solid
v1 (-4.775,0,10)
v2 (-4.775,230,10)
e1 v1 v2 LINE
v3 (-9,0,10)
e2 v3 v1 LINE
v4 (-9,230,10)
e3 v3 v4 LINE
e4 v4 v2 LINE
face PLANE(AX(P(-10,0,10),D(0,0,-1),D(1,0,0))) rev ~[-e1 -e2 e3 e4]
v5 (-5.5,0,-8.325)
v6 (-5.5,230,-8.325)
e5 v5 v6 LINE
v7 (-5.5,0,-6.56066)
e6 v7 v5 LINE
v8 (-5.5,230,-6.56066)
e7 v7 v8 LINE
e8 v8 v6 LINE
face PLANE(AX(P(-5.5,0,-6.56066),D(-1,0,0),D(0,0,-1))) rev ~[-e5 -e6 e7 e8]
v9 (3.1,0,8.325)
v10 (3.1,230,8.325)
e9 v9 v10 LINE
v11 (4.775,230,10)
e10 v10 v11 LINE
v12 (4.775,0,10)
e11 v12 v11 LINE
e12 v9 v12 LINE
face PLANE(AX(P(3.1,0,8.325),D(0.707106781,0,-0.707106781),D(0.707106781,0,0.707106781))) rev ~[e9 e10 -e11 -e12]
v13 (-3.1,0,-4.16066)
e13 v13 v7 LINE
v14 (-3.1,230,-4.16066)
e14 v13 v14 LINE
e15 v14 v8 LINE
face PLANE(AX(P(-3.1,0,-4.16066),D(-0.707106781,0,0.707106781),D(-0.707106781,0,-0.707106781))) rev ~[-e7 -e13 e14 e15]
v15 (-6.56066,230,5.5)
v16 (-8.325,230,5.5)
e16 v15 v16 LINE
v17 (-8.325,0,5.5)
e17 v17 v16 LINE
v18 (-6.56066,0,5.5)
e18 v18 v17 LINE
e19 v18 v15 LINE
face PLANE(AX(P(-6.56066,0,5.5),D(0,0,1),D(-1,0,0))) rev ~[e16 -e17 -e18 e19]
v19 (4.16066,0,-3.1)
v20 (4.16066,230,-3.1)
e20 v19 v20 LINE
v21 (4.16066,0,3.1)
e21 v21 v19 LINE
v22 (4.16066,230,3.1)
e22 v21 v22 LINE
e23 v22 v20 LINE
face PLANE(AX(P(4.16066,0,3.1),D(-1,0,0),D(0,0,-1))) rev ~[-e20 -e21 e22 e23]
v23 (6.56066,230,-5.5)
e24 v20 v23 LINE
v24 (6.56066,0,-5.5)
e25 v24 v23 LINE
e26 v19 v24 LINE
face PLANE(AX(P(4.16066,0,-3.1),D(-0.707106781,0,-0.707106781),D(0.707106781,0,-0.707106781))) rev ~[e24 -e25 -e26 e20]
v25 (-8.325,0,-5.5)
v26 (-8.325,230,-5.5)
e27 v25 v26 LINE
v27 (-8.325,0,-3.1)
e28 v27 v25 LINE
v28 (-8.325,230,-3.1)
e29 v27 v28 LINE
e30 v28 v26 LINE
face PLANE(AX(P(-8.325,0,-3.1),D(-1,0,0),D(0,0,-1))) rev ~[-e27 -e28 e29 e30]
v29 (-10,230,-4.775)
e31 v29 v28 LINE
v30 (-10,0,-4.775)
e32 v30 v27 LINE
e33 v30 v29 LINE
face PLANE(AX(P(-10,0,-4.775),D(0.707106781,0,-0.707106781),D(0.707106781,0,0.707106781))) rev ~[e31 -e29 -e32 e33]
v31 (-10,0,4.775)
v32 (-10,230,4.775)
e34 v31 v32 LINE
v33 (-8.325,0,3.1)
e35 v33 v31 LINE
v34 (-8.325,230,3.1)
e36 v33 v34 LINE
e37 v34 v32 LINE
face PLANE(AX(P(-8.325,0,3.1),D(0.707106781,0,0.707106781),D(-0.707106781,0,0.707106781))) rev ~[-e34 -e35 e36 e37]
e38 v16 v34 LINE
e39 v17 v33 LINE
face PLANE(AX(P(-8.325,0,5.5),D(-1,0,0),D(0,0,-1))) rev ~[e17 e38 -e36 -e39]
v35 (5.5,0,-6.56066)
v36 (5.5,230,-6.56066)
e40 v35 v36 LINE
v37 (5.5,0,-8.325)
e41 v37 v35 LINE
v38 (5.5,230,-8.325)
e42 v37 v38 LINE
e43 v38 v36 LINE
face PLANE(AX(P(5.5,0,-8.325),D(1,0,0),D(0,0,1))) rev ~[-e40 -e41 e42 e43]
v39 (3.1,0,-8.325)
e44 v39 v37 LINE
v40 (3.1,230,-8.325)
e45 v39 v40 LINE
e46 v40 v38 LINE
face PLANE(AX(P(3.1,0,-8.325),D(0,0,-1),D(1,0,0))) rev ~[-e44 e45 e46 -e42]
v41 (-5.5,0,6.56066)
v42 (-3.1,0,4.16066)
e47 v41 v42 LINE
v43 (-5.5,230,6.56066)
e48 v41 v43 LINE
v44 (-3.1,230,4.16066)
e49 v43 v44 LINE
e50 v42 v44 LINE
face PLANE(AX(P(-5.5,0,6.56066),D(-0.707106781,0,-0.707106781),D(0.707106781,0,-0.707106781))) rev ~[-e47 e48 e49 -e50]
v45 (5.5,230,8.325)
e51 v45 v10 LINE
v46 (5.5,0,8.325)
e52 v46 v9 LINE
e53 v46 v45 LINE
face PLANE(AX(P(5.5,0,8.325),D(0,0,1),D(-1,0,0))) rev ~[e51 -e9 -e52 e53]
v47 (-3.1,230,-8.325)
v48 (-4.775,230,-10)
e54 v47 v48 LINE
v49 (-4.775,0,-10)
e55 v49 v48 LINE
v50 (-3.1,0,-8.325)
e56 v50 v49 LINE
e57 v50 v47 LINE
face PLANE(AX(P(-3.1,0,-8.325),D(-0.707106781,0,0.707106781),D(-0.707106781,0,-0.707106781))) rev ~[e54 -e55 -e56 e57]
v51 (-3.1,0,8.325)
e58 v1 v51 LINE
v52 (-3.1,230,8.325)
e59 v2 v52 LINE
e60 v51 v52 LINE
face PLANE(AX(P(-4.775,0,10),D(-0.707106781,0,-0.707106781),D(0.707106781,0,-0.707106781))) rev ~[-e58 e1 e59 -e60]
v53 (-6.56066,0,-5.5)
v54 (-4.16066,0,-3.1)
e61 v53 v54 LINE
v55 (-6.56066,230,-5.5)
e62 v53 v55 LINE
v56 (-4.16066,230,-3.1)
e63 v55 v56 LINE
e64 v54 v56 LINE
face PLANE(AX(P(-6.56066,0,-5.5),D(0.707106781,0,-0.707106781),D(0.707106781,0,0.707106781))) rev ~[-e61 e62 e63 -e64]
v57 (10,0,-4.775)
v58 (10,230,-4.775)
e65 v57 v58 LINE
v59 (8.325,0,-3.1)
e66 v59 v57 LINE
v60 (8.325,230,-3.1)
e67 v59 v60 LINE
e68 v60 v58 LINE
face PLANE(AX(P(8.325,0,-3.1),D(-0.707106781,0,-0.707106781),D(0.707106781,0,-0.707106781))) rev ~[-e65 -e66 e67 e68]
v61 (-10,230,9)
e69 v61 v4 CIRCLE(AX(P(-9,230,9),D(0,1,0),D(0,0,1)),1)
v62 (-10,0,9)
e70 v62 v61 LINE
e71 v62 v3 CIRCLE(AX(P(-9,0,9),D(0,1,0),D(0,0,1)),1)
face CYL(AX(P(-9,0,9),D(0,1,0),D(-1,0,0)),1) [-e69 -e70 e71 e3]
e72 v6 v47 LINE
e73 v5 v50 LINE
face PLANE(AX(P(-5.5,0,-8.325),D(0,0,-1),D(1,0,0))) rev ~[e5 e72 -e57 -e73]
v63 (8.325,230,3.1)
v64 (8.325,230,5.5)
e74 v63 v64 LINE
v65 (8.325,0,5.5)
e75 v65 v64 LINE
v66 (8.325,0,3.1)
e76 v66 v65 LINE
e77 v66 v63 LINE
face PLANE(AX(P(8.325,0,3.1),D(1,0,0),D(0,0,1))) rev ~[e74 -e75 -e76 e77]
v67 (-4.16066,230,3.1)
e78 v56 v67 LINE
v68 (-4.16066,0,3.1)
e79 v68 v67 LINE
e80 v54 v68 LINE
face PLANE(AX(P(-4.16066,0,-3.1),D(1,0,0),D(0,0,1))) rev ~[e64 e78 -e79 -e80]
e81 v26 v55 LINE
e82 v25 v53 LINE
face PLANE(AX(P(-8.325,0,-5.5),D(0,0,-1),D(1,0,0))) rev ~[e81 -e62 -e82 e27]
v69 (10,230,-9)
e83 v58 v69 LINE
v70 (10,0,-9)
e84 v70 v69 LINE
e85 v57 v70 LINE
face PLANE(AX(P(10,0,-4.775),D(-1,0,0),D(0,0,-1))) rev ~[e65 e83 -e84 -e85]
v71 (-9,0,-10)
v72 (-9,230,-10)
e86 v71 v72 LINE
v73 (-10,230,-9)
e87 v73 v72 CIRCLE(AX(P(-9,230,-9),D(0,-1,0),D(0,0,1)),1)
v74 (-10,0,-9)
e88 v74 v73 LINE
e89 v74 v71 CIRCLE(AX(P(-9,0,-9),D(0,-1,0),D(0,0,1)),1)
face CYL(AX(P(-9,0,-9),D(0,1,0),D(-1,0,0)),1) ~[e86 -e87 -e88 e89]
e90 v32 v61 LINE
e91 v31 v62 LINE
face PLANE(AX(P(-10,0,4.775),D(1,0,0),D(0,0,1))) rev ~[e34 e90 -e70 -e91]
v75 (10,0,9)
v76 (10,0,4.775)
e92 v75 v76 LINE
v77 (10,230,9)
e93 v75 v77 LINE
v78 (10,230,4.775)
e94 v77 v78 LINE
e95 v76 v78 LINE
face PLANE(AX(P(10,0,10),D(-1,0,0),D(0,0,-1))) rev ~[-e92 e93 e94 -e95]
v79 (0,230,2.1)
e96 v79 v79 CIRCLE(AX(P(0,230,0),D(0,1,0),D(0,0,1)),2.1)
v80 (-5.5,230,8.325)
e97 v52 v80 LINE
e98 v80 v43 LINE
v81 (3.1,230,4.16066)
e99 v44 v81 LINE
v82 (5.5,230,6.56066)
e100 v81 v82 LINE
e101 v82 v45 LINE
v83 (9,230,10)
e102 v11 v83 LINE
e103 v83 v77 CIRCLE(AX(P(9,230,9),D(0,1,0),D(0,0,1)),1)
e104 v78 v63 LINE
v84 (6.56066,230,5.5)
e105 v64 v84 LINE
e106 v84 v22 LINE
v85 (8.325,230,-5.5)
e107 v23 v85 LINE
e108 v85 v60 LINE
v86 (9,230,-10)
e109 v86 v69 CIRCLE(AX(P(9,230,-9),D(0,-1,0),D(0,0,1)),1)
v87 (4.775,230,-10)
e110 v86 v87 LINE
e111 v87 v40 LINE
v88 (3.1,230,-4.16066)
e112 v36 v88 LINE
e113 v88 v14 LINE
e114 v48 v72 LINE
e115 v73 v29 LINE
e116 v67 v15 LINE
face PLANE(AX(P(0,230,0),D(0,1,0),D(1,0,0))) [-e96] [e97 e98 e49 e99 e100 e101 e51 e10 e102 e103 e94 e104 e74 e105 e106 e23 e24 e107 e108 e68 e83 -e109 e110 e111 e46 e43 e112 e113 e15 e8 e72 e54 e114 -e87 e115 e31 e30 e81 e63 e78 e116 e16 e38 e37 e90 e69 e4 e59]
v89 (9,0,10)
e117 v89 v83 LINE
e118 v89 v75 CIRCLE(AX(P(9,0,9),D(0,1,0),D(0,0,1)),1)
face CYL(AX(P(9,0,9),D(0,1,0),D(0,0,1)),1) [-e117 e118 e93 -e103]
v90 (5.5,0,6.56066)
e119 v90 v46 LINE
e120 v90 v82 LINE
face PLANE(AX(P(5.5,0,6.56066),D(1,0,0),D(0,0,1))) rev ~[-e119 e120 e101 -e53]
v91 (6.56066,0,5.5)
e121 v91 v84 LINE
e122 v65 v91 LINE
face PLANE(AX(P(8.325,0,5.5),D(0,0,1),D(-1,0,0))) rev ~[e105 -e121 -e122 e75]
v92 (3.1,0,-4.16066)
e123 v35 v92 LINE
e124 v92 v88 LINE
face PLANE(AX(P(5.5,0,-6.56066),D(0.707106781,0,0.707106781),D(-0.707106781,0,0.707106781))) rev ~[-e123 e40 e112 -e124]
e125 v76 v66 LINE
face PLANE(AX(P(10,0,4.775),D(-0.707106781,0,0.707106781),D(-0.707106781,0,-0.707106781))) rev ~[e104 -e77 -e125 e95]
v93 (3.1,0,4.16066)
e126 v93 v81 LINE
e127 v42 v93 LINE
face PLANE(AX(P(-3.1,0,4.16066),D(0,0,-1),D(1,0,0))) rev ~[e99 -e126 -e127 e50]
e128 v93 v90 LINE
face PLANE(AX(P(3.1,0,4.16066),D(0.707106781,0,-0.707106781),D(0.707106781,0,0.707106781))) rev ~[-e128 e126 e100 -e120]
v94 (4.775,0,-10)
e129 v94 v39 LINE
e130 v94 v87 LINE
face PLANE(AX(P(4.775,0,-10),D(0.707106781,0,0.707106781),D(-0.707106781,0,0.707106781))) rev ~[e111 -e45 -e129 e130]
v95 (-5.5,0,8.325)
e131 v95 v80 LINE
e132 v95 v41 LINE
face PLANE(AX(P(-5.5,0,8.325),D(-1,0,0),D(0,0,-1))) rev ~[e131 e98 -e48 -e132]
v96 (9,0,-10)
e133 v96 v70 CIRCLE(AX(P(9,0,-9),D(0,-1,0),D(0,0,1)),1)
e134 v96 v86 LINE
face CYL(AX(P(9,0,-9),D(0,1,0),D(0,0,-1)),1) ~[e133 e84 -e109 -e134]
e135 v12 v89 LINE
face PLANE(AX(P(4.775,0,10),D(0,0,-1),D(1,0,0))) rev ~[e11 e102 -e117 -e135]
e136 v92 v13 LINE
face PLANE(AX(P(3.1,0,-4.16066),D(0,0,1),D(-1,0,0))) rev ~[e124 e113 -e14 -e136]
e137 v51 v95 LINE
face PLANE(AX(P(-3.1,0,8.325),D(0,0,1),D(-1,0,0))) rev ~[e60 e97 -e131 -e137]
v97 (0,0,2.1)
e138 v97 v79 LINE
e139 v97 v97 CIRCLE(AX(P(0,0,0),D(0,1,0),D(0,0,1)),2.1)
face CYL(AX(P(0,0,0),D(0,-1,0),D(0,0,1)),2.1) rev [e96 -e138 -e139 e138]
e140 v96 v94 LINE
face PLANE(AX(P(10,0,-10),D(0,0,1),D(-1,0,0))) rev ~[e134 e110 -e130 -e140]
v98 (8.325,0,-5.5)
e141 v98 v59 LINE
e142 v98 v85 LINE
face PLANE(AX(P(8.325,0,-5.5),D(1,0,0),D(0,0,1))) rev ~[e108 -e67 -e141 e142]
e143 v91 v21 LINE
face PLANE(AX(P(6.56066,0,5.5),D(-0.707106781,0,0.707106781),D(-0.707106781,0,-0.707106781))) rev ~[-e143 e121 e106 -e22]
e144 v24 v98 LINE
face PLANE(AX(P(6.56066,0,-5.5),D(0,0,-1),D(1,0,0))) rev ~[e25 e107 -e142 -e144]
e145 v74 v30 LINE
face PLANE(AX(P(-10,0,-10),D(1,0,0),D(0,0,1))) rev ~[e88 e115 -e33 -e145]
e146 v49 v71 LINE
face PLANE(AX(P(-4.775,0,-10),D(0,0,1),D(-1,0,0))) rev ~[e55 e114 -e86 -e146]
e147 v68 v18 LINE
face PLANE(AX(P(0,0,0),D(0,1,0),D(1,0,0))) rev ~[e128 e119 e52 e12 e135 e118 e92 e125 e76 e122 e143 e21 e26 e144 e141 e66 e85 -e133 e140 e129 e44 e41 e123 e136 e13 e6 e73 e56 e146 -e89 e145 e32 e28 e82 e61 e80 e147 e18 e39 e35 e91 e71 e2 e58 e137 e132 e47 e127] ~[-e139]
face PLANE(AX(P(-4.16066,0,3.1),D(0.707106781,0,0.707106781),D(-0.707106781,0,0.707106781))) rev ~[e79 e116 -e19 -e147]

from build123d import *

# Parameters (mm, degrees)
MASTERLAYOUTSKETCH_R = 2.1
MAIN_EXTRUSION_DEPTH = 230
EDGE_FILLETS_R       = 1


with BuildPart() as part:
    # MasterLayoutSketch → Main Extrusion (new body)
    with BuildSketch(Plane(origin=(0, 0, 0), x_dir=(1, 0, 0), z_dir=(0, 1, 0))):
        Polygon((-8.325, 3.1), (-8.325, 5.5), (-6.560660172, 5.5), (-4.160660172, 3.1), (-4.160660172, -3.1), (-6.560660172, -5.5), (-8.325, -5.5), (-8.325, -3.1), (-10, -4.775), (-10, -10), (-4.775, -10), (-3.1, -8.325), (-5.5, -8.325), (-5.5, -6.560660172), (-3.1, -4.160660172), (3.1, -4.160660172), (5.5, -6.560660172), (5.5, -8.325), (3.1, -8.325), (4.775, -10), (10, -10), (10, -4.775), (8.325, -3.1), (8.325, -5.5), (6.560660172, -5.5), (4.160660172, -3.1), (4.160660172, 3.1), (6.560660172, 5.5), (8.325, 5.5), (8.325, 3.1), (10, 4.775), (10, 10), (4.775, 10), (3.1, 8.325), (5.5, 8.325), (5.5, 6.560660172), (3.1, 4.160660172), (-3.1, 4.160660172), (-5.5, 6.560660172), (-5.5, 8.325), (-3.1, 8.325), (-4.775, 10), (-10, 10), (-10, 4.775), align=None)
        with Locations(Location((0, 0, 0), (0, 0, 270))):
            Circle(MASTERLAYOUTSKETCH_R, mode=Mode.SUBTRACT)
    extrude(amount=MAIN_EXTRUSION_DEPTH)

    # Edge Fillets
    edge_fillets_edges = [part.edges().sort_by_distance(p)[0] for p in [
        (10, 115, -10),
        (10, 115, 10),
        (-10, 115, 10),
        (-10, 115, -10),
    ]]
    fillet(edge_fillets_edges, radius=EDGE_FILLETS_R)


solid = part.part
